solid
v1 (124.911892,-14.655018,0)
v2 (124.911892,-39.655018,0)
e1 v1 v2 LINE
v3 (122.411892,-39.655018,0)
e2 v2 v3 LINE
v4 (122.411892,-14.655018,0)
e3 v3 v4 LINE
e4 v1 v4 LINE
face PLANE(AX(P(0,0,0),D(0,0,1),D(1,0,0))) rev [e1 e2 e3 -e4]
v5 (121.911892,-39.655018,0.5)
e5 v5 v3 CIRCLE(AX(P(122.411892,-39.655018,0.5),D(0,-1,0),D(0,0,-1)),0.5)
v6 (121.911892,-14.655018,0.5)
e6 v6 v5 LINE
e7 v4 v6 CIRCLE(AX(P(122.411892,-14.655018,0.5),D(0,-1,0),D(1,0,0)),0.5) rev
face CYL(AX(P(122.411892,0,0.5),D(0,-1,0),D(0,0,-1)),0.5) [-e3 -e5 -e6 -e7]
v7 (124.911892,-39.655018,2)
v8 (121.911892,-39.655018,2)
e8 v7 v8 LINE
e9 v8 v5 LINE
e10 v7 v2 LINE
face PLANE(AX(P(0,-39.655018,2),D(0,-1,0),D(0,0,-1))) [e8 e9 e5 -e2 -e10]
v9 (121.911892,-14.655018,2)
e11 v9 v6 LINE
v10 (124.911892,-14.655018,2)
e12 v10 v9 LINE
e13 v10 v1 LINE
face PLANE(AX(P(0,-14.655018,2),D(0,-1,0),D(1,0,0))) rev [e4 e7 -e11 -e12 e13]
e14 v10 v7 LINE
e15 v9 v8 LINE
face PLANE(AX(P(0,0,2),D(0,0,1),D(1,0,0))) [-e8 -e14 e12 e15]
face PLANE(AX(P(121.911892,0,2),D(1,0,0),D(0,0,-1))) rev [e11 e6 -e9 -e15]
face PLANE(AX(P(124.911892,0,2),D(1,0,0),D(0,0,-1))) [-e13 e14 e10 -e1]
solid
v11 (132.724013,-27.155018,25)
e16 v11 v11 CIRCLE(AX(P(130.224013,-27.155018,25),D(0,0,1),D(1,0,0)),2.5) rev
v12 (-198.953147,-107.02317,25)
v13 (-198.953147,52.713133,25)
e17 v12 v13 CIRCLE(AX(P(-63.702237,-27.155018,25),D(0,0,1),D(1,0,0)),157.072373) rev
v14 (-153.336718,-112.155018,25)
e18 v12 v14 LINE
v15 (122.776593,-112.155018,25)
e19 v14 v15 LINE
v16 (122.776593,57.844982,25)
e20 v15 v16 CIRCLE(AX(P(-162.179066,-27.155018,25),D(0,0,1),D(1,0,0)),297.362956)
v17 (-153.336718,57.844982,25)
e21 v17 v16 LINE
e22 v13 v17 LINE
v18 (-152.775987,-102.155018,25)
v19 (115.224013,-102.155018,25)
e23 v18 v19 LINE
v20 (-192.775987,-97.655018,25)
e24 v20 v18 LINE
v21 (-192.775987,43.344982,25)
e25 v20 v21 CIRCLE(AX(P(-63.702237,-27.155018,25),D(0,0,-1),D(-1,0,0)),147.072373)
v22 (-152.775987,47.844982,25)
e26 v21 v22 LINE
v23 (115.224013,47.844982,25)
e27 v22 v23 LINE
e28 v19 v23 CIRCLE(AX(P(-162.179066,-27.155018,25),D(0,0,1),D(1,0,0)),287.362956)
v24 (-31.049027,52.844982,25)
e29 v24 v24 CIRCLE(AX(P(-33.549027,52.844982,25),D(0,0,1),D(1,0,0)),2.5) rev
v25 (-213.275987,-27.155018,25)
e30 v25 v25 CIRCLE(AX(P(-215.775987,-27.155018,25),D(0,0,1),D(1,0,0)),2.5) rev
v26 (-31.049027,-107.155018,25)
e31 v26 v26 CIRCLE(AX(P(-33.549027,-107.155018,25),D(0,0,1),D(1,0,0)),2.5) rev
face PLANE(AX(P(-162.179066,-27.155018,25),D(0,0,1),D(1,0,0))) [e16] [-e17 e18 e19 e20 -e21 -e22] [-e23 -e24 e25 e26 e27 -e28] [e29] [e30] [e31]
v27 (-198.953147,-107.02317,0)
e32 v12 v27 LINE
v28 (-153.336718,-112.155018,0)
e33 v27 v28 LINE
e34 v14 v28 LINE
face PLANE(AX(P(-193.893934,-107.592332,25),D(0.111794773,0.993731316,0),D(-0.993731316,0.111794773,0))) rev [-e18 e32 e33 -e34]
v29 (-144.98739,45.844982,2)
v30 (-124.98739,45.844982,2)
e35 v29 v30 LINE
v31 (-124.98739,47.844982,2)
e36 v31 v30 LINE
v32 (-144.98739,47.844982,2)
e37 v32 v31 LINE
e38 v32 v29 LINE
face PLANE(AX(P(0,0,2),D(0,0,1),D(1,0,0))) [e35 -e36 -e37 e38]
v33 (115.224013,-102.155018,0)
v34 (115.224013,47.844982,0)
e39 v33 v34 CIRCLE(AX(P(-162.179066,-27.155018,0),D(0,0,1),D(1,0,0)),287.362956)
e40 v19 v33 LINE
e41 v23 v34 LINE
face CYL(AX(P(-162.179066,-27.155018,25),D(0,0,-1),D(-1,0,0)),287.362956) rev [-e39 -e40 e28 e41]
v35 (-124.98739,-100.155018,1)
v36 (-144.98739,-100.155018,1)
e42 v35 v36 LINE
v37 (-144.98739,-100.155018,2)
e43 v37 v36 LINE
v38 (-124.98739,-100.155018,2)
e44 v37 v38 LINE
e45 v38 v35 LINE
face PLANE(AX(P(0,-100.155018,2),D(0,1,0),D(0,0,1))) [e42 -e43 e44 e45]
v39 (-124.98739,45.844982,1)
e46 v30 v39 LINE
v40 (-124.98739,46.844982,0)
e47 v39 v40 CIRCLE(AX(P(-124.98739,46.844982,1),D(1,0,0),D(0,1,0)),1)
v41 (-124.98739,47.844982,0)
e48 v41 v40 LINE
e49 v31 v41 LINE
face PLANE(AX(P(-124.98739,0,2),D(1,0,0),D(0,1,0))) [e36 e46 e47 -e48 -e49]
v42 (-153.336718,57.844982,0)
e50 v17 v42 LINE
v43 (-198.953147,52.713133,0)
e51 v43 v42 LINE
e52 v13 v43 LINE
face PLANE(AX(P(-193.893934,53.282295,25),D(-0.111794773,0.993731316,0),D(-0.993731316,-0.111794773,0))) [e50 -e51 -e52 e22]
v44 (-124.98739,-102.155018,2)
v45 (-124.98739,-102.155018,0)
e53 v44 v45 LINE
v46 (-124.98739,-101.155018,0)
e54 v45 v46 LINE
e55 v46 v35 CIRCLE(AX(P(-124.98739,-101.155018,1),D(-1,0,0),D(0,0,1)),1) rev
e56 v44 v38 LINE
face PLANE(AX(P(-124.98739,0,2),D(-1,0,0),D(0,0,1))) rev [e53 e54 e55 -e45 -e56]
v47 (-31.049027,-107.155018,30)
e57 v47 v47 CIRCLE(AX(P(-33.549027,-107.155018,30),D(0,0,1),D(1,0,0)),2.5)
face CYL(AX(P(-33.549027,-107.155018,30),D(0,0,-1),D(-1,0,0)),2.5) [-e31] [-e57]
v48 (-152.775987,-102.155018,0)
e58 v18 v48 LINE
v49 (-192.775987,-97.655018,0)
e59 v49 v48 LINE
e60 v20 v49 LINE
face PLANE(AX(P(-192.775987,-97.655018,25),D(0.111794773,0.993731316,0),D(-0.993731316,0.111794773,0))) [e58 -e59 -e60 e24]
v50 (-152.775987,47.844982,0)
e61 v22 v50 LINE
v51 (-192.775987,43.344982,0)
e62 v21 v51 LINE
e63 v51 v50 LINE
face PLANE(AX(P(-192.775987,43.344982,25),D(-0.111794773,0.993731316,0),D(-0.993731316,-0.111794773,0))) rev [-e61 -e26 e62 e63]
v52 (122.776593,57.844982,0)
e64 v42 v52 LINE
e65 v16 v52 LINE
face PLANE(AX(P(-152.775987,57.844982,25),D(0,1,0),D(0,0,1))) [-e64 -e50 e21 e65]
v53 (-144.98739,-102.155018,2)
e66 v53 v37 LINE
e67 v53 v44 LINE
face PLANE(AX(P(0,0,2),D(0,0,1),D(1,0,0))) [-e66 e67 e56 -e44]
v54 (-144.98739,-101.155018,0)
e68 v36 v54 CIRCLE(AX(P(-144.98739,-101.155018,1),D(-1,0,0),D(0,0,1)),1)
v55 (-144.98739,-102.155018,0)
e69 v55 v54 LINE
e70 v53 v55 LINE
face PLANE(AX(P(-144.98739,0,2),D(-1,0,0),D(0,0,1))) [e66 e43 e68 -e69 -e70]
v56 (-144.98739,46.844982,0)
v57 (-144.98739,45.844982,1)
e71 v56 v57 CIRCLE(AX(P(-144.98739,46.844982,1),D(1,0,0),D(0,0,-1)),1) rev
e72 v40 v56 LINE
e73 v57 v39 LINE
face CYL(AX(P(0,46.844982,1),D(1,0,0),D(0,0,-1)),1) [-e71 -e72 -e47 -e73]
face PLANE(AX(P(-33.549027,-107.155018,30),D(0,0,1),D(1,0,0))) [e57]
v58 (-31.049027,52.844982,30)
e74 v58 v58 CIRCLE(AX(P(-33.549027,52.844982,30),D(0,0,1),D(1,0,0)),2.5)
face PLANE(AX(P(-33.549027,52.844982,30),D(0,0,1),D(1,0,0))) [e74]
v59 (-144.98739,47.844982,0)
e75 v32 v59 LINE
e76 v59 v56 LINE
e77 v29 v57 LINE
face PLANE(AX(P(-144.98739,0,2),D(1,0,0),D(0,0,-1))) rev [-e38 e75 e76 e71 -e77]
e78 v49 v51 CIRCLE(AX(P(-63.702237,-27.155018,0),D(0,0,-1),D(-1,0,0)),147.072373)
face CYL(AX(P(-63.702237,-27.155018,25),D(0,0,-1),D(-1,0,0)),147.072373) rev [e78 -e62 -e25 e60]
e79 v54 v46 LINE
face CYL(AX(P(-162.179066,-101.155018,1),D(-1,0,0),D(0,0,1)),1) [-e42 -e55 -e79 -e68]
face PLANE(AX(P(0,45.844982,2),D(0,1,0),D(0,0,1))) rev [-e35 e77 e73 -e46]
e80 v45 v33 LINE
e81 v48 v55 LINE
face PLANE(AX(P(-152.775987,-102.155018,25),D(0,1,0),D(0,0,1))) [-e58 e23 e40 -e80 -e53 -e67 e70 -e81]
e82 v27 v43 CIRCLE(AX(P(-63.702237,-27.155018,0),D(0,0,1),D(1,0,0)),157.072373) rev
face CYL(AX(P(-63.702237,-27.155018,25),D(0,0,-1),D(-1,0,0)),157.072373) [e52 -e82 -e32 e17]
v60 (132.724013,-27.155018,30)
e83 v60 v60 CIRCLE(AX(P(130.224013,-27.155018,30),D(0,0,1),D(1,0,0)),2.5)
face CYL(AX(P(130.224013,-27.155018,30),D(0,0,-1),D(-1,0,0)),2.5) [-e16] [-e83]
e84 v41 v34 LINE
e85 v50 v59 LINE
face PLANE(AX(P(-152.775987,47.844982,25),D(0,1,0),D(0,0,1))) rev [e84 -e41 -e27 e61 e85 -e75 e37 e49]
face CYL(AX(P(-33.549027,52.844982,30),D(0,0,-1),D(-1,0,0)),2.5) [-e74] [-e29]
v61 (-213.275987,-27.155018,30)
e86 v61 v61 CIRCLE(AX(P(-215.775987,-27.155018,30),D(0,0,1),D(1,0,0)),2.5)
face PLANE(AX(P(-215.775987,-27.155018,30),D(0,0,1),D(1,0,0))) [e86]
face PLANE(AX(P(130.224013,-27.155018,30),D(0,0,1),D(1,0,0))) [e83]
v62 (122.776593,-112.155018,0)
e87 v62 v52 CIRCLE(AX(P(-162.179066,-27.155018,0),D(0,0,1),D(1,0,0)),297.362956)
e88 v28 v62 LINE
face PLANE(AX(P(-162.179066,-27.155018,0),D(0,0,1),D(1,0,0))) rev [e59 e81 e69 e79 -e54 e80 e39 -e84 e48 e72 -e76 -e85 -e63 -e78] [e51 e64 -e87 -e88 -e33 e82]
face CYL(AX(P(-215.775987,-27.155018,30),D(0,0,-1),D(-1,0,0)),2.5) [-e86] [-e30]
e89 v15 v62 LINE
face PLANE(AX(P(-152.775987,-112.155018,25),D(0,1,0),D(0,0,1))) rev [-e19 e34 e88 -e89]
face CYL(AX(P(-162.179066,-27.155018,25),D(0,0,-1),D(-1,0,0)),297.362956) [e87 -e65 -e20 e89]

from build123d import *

# Parameters (mm, degrees)
EXTRU_MINCE1_DEPTH = 25
ESQUISSE1_13_W     = 3
ESQUISSE1_13_H     = 25
BOSS_EXTRU_1_DEPTH = 2
ESQUISSE1_14_W     = 20
ESQUISSE1_14_H     = 2
BOSS_EXTRU_2_DEPTH = 2
ESQUISSE1_15_W     = 20
ESQUISSE1_15_H     = 2
BOSS_EXTRU_3_DEPTH = 2
CONG_2_R           = 1
CONG_3_R           = 1
CONG_4_R           = 0.5
ESQUISSE1_18_R     = 2.5
BOSS_EXTRU_5_DEPTH = 30
ESQUISSE1_19_R     = 2.5
BOSS_EXTRU_6_DEPTH = 30
ESQUISSE1_20_R     = 2.5
BOSS_EXTRU_7_DEPTH = 30
ESQUISSE1_21_R     = 2.5
BOSS_EXTRU_8_DEPTH = 30


with BuildPart() as part:
    # Esquisse1 → Extru.-Mince1 (new body)
    with BuildSketch(Plane.XY):
        with BuildLine():
            Line((-198.953146912, 52.713133275), (-153.336718001, 57.844981528))
            Line((-153.336718001, 57.844981528), (122.776592962, 57.844981528))
            ThreePointArc((122.776592962, 57.844981528), (135.183889941, -27.155018472), (122.776592962, -112.155018472))
            Line((122.776592962, -112.155018472), (-153.336718001, -112.155018472))
            Line((-153.336718001, -112.155018472), (-198.953146912, -107.02317022))
            ThreePointArc((-198.953146912, -107.02317022), (-220.774609776, -27.155018472), (-198.953146912, 52.713133275))
        make_face()
        with BuildLine():
            Line((-192.775986612, 43.344981528), (-152.775986612, 47.844981528))
            Line((-152.775986612, 47.844981528), (115.224013388, 47.844981528))
            ThreePointArc((115.224013388, 47.844981528), (125.183889941, -27.155018472), (115.224013388, -102.155018472))
            Line((115.224013388, -102.155018472), (-152.775986612, -102.155018472))
            Line((-152.775986612, -102.155018472), (-192.775986612, -97.655018472))
            ThreePointArc((-192.775986612, -97.655018472), (-210.774609776, -27.155018472), (-192.775986612, 43.344981528))
        make_face(mode=Mode.SUBTRACT)
    extrude(amount=EXTRU_MINCE1_DEPTH)

    # Esquisse1<14> → Boss.-Extru.2 (add)
    with BuildSketch(Plane.XY):
        with Locations((-134.987389646, -101.155018472)):
            Rectangle(ESQUISSE1_14_W, ESQUISSE1_14_H)
    extrude(amount=BOSS_EXTRU_2_DEPTH)

    # Esquisse1<15> → Boss.-Extru.3 (add)
    with BuildSketch(Plane.XY):
        with Locations((-134.987389646, 46.844981528)):
            Rectangle(ESQUISSE1_15_W, ESQUISSE1_15_H)
    extrude(amount=BOSS_EXTRU_3_DEPTH)

    # Congé2
    cong_2_edges = [part.edges().sort_by_distance(p)[0] for p in [
        (-134.987389646, 45.844981528, 0),
    ]]
    fillet(cong_2_edges, radius=CONG_2_R)

    # Congé3
    cong_3_edges = [part.edges().sort_by_distance(p)[0] for p in [
        (-134.987389646, -100.155018472, 0),
    ]]
    fillet(cong_3_edges, radius=CONG_3_R)

    # Esquisse1<18> → Boss.-Extru.5 (add)
    with BuildSketch(Plane.XY):
        with Locations((-33.549027095, -107.155018472)):
            Circle(ESQUISSE1_18_R)
    extrude(amount=BOSS_EXTRU_5_DEPTH)

    # Esquisse1<19> → Boss.-Extru.6 (add)
    with BuildSketch(Plane.XY):
        with Locations((-33.549027095, 52.844981528)):
            Circle(ESQUISSE1_19_R)
    extrude(amount=BOSS_EXTRU_6_DEPTH)

    # Esquisse1<20> → Boss.-Extru.7 (add)
    with BuildSketch(Plane.XY):
        with Locations((130.224013388, -27.155018472)):
            Circle(ESQUISSE1_20_R)
    extrude(amount=BOSS_EXTRU_7_DEPTH)

    # Esquisse1<21> → Boss.-Extru.8 (add)
    with BuildSketch(Plane.XY):
        with Locations((-215.775986612, -27.155018472)):
            Circle(ESQUISSE1_21_R)
    extrude(amount=BOSS_EXTRU_8_DEPTH)


with BuildPart() as body_2:
    # Esquisse1<13> → Boss.-Extru.1 (new body)
    with BuildSketch(Plane.XY):
        with Locations((123.411892491, -27.155018472)):
            Rectangle(ESQUISSE1_13_W, ESQUISSE1_13_H)
    extrude(amount=BOSS_EXTRU_1_DEPTH)

    # Congé4
    cong_4_edges = [body_2.edges().sort_by_distance(p)[0] for p in [
        (121.911892491, -27.155018472, 0),
    ]]
    fillet(cong_4_edges, radius=CONG_4_R)


solid = Compound([part.part, body_2.part])
